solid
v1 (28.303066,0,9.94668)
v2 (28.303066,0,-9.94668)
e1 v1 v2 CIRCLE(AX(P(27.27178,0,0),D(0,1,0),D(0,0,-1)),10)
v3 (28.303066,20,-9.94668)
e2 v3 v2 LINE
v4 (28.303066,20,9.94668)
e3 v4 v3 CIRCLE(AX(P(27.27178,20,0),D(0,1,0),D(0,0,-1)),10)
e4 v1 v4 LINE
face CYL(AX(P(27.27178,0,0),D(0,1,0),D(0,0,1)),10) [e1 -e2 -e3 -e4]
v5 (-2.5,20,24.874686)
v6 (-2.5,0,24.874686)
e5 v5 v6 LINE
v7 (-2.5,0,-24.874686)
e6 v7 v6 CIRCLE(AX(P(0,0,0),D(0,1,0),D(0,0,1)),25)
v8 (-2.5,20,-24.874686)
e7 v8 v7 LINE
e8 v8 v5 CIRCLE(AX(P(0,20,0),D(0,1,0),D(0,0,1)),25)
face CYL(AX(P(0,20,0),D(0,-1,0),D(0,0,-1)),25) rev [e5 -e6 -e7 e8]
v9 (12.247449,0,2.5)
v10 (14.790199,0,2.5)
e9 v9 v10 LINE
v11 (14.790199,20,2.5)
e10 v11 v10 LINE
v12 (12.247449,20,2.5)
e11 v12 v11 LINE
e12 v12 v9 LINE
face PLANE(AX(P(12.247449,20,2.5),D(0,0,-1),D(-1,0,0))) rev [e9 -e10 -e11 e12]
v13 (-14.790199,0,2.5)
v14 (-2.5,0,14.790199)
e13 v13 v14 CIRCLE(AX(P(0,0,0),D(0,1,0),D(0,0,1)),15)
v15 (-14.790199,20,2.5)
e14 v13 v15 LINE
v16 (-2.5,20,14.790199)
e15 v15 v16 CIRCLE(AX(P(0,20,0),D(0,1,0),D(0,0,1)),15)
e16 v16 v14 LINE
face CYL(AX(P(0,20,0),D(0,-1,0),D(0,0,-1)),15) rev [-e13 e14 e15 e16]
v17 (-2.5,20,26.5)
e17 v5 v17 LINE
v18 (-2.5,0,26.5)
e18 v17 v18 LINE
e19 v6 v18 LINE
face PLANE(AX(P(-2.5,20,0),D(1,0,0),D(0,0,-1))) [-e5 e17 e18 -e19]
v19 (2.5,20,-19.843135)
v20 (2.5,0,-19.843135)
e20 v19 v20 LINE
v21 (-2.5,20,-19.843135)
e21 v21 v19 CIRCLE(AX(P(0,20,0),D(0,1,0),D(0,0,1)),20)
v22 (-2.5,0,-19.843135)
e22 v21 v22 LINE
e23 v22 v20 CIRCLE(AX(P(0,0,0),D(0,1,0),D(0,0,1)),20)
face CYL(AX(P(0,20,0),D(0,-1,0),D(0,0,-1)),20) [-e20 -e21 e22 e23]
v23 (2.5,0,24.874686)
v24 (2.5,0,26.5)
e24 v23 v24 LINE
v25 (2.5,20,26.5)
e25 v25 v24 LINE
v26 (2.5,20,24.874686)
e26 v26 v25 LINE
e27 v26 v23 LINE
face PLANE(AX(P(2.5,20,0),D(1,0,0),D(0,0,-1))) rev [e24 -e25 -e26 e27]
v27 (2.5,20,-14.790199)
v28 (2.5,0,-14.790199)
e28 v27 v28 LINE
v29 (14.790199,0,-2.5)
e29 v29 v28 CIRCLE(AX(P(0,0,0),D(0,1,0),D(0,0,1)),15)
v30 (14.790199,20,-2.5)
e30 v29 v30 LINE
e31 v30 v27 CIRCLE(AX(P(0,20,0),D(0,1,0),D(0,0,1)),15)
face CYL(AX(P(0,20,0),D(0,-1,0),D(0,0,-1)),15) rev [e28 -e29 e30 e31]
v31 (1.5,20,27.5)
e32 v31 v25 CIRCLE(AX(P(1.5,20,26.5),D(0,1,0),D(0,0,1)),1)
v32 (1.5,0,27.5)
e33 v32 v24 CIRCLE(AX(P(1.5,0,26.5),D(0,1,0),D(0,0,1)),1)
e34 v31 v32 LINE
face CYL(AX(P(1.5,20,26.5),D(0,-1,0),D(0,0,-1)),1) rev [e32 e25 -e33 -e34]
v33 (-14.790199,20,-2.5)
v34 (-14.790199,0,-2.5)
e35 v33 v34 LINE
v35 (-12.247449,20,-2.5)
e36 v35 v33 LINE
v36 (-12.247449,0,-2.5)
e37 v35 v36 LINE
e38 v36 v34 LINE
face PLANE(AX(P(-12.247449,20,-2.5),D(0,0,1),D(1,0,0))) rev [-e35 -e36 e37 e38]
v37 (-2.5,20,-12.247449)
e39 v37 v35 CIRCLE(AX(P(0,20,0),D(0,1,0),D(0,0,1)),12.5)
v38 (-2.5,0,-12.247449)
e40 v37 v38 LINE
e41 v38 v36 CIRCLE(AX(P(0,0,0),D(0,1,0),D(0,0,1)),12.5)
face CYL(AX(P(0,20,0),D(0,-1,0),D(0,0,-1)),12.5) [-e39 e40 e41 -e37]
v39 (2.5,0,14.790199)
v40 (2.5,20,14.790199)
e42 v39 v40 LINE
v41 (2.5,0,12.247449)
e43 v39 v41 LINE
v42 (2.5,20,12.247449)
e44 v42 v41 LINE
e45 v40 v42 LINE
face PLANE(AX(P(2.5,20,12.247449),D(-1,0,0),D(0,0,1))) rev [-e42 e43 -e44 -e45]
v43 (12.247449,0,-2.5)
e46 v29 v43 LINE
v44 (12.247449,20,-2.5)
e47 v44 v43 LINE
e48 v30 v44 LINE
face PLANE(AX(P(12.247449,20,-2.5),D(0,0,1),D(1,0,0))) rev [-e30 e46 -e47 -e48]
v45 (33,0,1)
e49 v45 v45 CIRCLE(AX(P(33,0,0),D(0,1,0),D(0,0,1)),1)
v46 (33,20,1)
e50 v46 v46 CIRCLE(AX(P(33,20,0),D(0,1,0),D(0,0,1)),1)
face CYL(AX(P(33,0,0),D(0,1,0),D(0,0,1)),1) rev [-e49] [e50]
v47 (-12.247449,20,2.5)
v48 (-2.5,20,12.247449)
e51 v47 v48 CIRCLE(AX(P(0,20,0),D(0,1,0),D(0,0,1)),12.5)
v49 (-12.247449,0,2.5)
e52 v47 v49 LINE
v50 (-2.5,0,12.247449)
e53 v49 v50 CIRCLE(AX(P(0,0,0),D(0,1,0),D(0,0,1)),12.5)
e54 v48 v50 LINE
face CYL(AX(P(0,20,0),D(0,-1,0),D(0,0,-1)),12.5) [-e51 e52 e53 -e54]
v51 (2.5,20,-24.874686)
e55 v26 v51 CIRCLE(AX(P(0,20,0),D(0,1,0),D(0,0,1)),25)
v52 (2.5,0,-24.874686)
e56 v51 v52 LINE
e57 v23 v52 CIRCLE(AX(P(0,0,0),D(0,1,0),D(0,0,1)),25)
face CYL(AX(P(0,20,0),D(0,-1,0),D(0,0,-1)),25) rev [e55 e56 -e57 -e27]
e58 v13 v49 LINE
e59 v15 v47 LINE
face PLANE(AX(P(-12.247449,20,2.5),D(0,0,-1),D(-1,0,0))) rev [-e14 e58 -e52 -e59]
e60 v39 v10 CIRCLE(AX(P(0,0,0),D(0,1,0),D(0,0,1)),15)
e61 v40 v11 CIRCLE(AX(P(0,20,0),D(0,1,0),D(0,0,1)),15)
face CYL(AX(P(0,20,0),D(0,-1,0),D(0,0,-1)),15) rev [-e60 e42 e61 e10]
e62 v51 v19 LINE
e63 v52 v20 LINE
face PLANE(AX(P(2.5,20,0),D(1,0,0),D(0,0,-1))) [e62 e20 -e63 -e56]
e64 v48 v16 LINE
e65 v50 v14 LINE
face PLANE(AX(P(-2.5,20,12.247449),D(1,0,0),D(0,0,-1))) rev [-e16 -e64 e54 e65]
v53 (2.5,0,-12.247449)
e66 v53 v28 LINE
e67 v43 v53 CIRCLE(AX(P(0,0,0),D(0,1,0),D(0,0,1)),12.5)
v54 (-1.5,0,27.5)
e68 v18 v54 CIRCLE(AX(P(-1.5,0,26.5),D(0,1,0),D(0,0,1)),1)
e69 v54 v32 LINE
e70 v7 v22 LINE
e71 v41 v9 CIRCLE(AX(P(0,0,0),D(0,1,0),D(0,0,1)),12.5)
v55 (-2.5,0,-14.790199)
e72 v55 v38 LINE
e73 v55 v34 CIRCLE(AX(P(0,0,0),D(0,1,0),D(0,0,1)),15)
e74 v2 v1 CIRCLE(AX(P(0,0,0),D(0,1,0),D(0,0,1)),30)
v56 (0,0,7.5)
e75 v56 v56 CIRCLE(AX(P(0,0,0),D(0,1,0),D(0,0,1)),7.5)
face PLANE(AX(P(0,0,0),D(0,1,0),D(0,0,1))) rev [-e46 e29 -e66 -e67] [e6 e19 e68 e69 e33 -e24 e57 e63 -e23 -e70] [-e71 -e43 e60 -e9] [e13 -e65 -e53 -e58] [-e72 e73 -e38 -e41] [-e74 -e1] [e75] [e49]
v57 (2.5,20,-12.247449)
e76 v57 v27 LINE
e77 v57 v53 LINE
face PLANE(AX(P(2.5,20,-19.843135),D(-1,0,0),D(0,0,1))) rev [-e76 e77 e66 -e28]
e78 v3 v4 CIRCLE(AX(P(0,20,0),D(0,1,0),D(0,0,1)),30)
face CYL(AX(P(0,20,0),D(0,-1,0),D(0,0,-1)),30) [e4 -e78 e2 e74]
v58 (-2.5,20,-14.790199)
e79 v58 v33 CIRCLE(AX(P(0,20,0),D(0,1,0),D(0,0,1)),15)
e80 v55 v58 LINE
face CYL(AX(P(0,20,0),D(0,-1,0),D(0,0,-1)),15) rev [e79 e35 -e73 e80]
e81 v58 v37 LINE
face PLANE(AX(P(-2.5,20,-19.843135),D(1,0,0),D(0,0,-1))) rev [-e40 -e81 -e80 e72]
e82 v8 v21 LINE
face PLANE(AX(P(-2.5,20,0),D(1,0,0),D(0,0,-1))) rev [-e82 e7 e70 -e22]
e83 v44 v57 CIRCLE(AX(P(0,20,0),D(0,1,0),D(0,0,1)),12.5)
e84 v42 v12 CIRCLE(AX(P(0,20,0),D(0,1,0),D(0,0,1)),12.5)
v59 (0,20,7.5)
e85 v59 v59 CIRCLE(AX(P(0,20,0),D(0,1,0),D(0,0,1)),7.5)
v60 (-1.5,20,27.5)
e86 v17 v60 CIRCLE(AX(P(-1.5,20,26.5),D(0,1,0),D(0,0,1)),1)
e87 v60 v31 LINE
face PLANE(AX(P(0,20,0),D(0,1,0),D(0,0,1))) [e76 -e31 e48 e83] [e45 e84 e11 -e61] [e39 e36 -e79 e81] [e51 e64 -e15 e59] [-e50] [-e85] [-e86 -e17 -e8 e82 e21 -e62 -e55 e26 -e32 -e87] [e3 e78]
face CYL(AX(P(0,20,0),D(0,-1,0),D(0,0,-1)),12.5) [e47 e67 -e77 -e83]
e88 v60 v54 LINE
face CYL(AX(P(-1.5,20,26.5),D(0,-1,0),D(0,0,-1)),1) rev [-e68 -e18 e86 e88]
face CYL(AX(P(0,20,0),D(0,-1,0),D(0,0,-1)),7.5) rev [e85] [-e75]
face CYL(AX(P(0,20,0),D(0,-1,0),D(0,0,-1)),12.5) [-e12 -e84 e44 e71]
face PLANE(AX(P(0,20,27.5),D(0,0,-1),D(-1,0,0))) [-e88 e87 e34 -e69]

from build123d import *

# Parameters (mm, degrees)
SKETCH1_R           = 30
SKETCH1_R_2         = 15
BOSS_EXTRUDE1_DEPTH = 20
BOSS_EXTRUDE2_DEPTH = 20
SKETCH3_R           = 1
CUT_EXTRUDE1_DEPTH  = 20
SKETCH4_R           = 7.5
BOSS_EXTRUDE3_DEPTH = 20


with BuildPart() as part:
    # Sketch1 → Boss-Extrude1 (new body)
    with BuildSketch(Plane(origin=(0, 0, 0), x_dir=(1, 0, 0), z_dir=(0, 1, 0))):
        Circle(SKETCH1_R)
        with BuildLine():
            ThreePointArc((-2.5, -24.874685928), (-25, 0), (-2.5, 24.874685928))
            Line((-2.5, 24.874685928), (-2.5, 19.843134833))
            ThreePointArc((-2.5, 19.843134833), (0, -20), (2.5, 19.843134833))
            Line((2.5, 19.843134833), (2.5, 24.874685928))
            ThreePointArc((2.5, 24.874685928), (25, 0), (2.5, -24.874685928))
            Line((2.5, -24.874685928), (2.5, -26.5))
            ThreePointArc((2.5, -26.5), (2.207106781, -27.207106781), (1.5, -27.5))
            Line((1.5, -27.5), (-1.5, -27.5))
            ThreePointArc((-1.5, -27.5), (-2.207106781, -27.207106781), (-2.5, -26.5))
            Line((-2.5, -26.5), (-2.5, -24.874685928))
        make_face(mode=Mode.SUBTRACT)
        Circle(SKETCH1_R_2, mode=Mode.SUBTRACT)
    extrude(amount=BOSS_EXTRUDE1_DEPTH)

    # Sketch2 → Boss-Extrude2 (add)
    with BuildSketch(Plane(origin=(0, 20, 0), x_dir=(1, 0, 0), z_dir=(0, 1, 0))):
        with BuildLine():
            Line((27.271780287, 10), (27.271780287, -10))
            ThreePointArc((27.271780287, -10), (37.271780287, 0), (27.271780287, 10))
        make_face()
    extrude(amount=-BOSS_EXTRUDE2_DEPTH)

    # Sketch3 → Cut-Extrude1 (cut)
    with BuildSketch(Plane(origin=(0, 20, 0), x_dir=(1, 0, 0), z_dir=(0, 1, 0))):
        with Locations((33, 0)):
            Circle(SKETCH3_R)
    extrude(amount=-CUT_EXTRUDE1_DEPTH, mode=Mode.SUBTRACT)

    # Sketch4 → Boss-Extrude3 (add)
    with BuildSketch(Plane(origin=(0, 0, 0), x_dir=(1, 0, 0), z_dir=(0, 1, 0))):
        with BuildLine():
            Line((-2.5, 19.843134833), (2.5, 19.843134833))
            Line((2.5, 19.843134833), (2.5, 12.247448714))
            ThreePointArc((2.5, 12.247448714), (8.838834765, 8.838834765), (12.247448714, 2.5))
            Line((12.247448714, 2.5), (16.124945742, 2.5))
            Line((16.124945742, 2.5), (16.124945742, -2.5))
            Line((16.124945742, -2.5), (12.247448714, -2.5))
            ThreePointArc((12.247448714, -2.5), (8.838834765, -8.838834765), (2.5, -12.247448714))
            Line((2.5, -12.247448714), (2.5, -17.575657714))
            Line((2.5, -17.575657714), (-2.5, -17.575657714))
            Line((-2.5, -17.575657714), (-2.5, -12.247448714))
            ThreePointArc((-2.5, -12.247448714), (-8.838834765, -8.838834765), (-12.247448714, -2.5))
            Line((-12.247448714, -2.5), (-16.958645249, -2.5))
            Line((-16.958645249, -2.5), (-16.958645249, 2.5))
            Line((-16.958645249, 2.5), (-12.247448714, 2.5))
            ThreePointArc((-12.247448714, 2.5), (-8.838834765, 8.838834765), (-2.5, 12.247448714))
            Line((-2.5, 12.247448714), (-2.5, 19.843134833))
        make_face()
        Circle(SKETCH4_R, mode=Mode.SUBTRACT)
    extrude(amount=BOSS_EXTRUDE3_DEPTH)


solid = part.part
